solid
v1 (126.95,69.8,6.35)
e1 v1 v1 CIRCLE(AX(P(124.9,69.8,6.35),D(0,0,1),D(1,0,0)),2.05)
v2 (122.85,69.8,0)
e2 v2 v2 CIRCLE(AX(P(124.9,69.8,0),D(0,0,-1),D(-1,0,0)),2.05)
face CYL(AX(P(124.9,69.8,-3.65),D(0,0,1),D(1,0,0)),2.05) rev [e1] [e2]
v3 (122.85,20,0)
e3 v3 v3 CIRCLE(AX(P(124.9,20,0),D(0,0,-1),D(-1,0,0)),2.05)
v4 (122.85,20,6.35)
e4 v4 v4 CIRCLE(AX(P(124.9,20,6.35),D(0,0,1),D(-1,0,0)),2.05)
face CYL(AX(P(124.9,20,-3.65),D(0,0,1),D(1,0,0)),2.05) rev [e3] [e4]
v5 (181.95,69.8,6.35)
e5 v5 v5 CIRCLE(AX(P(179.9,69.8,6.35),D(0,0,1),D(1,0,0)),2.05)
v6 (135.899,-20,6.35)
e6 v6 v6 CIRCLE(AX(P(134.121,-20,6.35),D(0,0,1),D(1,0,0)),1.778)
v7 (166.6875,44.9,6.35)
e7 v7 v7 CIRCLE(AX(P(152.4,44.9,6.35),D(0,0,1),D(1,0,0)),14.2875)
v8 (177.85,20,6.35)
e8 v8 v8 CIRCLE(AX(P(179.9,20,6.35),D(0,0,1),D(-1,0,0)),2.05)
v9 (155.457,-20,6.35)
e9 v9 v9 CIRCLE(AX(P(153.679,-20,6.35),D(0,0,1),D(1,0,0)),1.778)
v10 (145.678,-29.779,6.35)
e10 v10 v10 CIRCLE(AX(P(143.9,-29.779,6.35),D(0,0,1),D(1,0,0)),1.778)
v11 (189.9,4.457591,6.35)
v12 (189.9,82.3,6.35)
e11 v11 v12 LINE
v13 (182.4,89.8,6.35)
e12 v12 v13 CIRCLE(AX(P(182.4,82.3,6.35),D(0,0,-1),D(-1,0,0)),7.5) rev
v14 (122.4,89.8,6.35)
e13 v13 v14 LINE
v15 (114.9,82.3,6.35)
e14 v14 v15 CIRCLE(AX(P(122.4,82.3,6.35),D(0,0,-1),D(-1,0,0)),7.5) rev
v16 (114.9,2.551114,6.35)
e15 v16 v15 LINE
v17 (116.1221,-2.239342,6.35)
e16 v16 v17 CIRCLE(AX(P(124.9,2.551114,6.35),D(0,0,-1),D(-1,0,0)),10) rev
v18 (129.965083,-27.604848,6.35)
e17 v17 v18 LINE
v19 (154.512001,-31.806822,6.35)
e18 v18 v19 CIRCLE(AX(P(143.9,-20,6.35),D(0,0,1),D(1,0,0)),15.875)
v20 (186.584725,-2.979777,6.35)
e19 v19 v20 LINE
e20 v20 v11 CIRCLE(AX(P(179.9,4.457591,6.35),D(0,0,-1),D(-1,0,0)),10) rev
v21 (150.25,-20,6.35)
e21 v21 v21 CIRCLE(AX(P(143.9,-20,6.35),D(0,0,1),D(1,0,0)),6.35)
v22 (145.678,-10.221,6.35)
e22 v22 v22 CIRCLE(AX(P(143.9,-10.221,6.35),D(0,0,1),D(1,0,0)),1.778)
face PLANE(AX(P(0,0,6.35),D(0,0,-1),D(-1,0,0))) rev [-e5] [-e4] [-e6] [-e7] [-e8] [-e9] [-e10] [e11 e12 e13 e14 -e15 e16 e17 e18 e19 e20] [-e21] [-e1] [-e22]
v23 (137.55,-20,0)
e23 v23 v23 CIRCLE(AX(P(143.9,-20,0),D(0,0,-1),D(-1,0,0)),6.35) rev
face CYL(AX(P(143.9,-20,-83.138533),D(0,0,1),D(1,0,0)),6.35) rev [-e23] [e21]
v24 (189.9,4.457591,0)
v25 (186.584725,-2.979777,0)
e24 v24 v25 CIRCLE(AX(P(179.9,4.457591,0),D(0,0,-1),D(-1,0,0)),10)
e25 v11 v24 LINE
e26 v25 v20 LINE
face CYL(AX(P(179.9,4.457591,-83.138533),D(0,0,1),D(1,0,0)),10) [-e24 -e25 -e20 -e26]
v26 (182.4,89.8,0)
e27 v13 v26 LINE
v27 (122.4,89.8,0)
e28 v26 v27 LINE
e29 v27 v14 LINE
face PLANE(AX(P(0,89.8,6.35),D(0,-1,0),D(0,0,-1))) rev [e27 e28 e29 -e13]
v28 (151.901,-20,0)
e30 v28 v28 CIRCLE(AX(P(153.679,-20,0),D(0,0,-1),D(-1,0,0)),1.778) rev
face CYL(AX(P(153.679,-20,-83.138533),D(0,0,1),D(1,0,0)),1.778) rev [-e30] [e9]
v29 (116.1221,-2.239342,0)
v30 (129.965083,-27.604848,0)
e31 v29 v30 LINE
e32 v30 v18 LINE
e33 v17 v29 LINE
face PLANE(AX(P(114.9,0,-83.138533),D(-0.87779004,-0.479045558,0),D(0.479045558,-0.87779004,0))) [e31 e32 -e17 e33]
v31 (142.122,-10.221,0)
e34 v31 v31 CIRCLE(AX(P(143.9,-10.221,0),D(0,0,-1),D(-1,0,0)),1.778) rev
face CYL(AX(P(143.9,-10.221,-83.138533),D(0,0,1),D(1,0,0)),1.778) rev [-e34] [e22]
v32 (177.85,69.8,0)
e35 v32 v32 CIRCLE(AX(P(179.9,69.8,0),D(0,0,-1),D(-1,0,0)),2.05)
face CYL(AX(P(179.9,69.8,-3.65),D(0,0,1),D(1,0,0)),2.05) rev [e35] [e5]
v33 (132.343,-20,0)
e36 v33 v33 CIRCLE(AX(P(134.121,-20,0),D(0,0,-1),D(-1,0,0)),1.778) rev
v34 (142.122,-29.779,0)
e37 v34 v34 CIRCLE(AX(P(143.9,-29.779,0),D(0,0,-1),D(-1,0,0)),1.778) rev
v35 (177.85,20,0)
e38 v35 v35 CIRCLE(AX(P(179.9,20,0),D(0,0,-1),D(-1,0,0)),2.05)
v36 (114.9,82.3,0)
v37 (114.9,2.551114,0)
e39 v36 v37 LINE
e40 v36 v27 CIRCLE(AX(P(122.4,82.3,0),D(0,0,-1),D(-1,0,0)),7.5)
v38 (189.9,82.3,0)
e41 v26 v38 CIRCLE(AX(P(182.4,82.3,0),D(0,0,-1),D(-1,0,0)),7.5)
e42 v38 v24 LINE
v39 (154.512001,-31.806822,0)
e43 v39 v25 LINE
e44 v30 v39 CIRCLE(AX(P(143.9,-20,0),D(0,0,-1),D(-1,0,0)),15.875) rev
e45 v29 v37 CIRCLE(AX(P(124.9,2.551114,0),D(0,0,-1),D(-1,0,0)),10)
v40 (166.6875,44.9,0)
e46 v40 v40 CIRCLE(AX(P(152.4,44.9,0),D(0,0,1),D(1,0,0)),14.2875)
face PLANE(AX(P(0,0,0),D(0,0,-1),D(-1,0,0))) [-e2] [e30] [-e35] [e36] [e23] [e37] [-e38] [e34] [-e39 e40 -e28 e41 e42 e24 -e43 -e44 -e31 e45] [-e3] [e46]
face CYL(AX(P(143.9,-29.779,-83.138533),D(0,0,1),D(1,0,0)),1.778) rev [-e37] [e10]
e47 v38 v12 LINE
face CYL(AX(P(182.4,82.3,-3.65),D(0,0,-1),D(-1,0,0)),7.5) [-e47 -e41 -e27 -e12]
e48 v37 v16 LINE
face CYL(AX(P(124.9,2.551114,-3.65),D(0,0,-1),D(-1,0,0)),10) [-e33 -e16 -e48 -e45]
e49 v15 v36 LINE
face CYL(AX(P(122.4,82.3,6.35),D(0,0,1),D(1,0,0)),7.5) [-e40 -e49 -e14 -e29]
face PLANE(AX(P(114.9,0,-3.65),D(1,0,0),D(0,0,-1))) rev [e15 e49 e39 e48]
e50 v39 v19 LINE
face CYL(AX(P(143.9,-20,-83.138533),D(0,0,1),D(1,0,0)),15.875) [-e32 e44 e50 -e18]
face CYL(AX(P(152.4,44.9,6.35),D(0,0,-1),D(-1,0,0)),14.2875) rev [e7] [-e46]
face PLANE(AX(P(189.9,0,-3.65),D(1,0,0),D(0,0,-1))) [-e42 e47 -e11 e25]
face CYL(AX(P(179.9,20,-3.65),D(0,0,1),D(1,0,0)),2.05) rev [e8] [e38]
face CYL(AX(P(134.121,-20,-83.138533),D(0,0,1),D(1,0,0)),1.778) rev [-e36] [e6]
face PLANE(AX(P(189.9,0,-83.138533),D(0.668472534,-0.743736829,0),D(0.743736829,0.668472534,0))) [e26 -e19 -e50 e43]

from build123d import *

# Parameters (mm, degrees)
SKETCH1_W           = 304.8
SKETCH1_H           = 89.8
SKETCH1_R           = 14.2875
SKETCH1_R_2         = 2.54
SKETCH1_R_3         = 17.145
BOSS_EXTRUDE1_DEPTH = 6.35
SKETCH2_W           = 114.9
SKETCH2_H           = 89.8
SKETCH2_R           = 2.54
SKETCH2_R_2         = 17.145
CUT_EXTRUDE1_DEPTH  = 10
SKETCH4_R           = 6.35
SKETCH4_R_2         = 1.778
BOSS_EXTRUDE2_DEPTH = 6.35
FILLET1_R           = 10
FILLET2_R           = 7.5
SKETCH7_R           = 2.05
CUT_EXTRUDE2_DEPTH  = 10


with BuildPart() as part:
    # Sketch1 → Boss-Extrude1 (new body)
    with BuildSketch(Plane.XY):
        with Locations((152.4, 44.9)):
            Rectangle(SKETCH1_W, SKETCH1_H)
        with Locations((152.4, 44.9)):
            Circle(SKETCH1_R, mode=Mode.SUBTRACT)
        with Locations((109.401585406, 62.859439014)):
            Circle(SKETCH1_R_2, mode=Mode.SUBTRACT)
        with Locations((109.399439014, 26.938414594)):
            Circle(SKETCH1_R_2, mode=Mode.SUBTRACT)
        with Locations((73.478414594, 26.940560986)):
            Circle(SKETCH1_R_2, mode=Mode.SUBTRACT)
        with Locations((73.480560986, 62.861585406)):
            Circle(SKETCH1_R_2, mode=Mode.SUBTRACT)
        with Locations((91.44, 44.9)):
            Circle(SKETCH1_R_3, mode=Mode.SUBTRACT)
        with Locations((195.400560986, 62.861585406)):
            Circle(SKETCH1_R_2, mode=Mode.SUBTRACT)
        with Locations((231.321585406, 62.859439014)):
            Circle(SKETCH1_R_2, mode=Mode.SUBTRACT)
        with Locations((231.319439014, 26.938414594)):
            Circle(SKETCH1_R_2, mode=Mode.SUBTRACT)
        with Locations((195.398414594, 26.940560986)):
            Circle(SKETCH1_R_2, mode=Mode.SUBTRACT)
        with Locations((213.36, 44.9)):
            Circle(SKETCH1_R_3, mode=Mode.SUBTRACT)
    extrude(amount=BOSS_EXTRUDE1_DEPTH)

    # Sketch2 → Cut-Extrude1 (cut)
    with BuildSketch(Plane.XY.offset(6.35)):
        with Locations((247.35, 44.9)):
            Rectangle(SKETCH2_W, SKETCH2_H)
        with Locations((195.398414594, 26.940560986)):
            Circle(SKETCH2_R, mode=Mode.SUBTRACT)
        with Locations((231.319439014, 26.938414594)):
            Circle(SKETCH2_R, mode=Mode.SUBTRACT)
        with Locations((213.36, 44.9)):
            Circle(SKETCH2_R_2, mode=Mode.SUBTRACT)
        with Locations((195.400560986, 62.861585406)):
            Circle(SKETCH2_R, mode=Mode.SUBTRACT)
        with Locations((231.321585406, 62.859439014)):
            Circle(SKETCH2_R, mode=Mode.SUBTRACT)
        with Locations((57.45, 44.9)):
            Rectangle(SKETCH2_W, SKETCH2_H)
        with Locations((73.478414594, 26.940560986)):
            Circle(SKETCH2_R, mode=Mode.SUBTRACT)
        with Locations((109.399439014, 26.938414594)):
            Circle(SKETCH2_R, mode=Mode.SUBTRACT)
        with Locations((91.44, 44.9)):
            Circle(SKETCH2_R_2, mode=Mode.SUBTRACT)
        with Locations((73.480560986, 62.861585406)):
            Circle(SKETCH2_R, mode=Mode.SUBTRACT)
        with Locations((109.401585406, 62.859439014)):
            Circle(SKETCH2_R, mode=Mode.SUBTRACT)
    extrude(amount=-CUT_EXTRUDE1_DEPTH, mode=Mode.SUBTRACT)

    # Sketch4 → Boss-Extrude2 (add)
    with BuildSketch(Plane.XY.offset(6.35)):
        with BuildLine():
            Line((189.9, 0), (154.512001483, -31.80682216))
            ThreePointArc((154.512001483, -31.80682216), (141.221457874, -35.647397134), (129.96508312, -27.604848226))
            Line((129.96508312, -27.604848226), (114.9, 0))
            Line((114.9, 0), (189.9, 0))
        make_face()
        with Locations((143.9, -20)):
            Circle(SKETCH4_R, mode=Mode.SUBTRACT)
        with Locations((143.9, -29.779)):
            Circle(SKETCH4_R_2, mode=Mode.SUBTRACT)
        with Locations((134.121, -20)):
            Circle(SKETCH4_R_2, mode=Mode.SUBTRACT)
        with Locations((153.679, -20)):
            Circle(SKETCH4_R_2, mode=Mode.SUBTRACT)
        with Locations((143.9, -10.221)):
            Circle(SKETCH4_R_2, mode=Mode.SUBTRACT)
    extrude(amount=-BOSS_EXTRUDE2_DEPTH)

    # Fillet1
    fillet1_edges = [part.edges().sort_by_distance(p)[0] for p in [
        (189.9, 0, 3.175),
        (114.9, 0, 3.175),
    ]]
    fillet(fillet1_edges, radius=FILLET1_R)

    # Fillet2
    fillet2_edges = [part.edges().sort_by_distance(p)[0] for p in [
        (114.9, 89.8, 3.175),
        (189.9, 89.8, 3.175),
    ]]
    fillet(fillet2_edges, radius=FILLET2_R)

    # Sketch7 → Cut-Extrude2 (cut)
    with BuildSketch(Plane.XY.offset(6.35)):
        with Locations((179.9, 69.8)):
            Circle(SKETCH7_R)
        with Locations((124.9, 69.8)):
            Circle(SKETCH7_R)
        with Locations((124.9, 20)):
            Circle(SKETCH7_R)
        with Locations((179.9, 20)):
            Circle(SKETCH7_R)
    extrude(amount=-CUT_EXTRUDE2_DEPTH, mode=Mode.SUBTRACT)


solid = part.part
